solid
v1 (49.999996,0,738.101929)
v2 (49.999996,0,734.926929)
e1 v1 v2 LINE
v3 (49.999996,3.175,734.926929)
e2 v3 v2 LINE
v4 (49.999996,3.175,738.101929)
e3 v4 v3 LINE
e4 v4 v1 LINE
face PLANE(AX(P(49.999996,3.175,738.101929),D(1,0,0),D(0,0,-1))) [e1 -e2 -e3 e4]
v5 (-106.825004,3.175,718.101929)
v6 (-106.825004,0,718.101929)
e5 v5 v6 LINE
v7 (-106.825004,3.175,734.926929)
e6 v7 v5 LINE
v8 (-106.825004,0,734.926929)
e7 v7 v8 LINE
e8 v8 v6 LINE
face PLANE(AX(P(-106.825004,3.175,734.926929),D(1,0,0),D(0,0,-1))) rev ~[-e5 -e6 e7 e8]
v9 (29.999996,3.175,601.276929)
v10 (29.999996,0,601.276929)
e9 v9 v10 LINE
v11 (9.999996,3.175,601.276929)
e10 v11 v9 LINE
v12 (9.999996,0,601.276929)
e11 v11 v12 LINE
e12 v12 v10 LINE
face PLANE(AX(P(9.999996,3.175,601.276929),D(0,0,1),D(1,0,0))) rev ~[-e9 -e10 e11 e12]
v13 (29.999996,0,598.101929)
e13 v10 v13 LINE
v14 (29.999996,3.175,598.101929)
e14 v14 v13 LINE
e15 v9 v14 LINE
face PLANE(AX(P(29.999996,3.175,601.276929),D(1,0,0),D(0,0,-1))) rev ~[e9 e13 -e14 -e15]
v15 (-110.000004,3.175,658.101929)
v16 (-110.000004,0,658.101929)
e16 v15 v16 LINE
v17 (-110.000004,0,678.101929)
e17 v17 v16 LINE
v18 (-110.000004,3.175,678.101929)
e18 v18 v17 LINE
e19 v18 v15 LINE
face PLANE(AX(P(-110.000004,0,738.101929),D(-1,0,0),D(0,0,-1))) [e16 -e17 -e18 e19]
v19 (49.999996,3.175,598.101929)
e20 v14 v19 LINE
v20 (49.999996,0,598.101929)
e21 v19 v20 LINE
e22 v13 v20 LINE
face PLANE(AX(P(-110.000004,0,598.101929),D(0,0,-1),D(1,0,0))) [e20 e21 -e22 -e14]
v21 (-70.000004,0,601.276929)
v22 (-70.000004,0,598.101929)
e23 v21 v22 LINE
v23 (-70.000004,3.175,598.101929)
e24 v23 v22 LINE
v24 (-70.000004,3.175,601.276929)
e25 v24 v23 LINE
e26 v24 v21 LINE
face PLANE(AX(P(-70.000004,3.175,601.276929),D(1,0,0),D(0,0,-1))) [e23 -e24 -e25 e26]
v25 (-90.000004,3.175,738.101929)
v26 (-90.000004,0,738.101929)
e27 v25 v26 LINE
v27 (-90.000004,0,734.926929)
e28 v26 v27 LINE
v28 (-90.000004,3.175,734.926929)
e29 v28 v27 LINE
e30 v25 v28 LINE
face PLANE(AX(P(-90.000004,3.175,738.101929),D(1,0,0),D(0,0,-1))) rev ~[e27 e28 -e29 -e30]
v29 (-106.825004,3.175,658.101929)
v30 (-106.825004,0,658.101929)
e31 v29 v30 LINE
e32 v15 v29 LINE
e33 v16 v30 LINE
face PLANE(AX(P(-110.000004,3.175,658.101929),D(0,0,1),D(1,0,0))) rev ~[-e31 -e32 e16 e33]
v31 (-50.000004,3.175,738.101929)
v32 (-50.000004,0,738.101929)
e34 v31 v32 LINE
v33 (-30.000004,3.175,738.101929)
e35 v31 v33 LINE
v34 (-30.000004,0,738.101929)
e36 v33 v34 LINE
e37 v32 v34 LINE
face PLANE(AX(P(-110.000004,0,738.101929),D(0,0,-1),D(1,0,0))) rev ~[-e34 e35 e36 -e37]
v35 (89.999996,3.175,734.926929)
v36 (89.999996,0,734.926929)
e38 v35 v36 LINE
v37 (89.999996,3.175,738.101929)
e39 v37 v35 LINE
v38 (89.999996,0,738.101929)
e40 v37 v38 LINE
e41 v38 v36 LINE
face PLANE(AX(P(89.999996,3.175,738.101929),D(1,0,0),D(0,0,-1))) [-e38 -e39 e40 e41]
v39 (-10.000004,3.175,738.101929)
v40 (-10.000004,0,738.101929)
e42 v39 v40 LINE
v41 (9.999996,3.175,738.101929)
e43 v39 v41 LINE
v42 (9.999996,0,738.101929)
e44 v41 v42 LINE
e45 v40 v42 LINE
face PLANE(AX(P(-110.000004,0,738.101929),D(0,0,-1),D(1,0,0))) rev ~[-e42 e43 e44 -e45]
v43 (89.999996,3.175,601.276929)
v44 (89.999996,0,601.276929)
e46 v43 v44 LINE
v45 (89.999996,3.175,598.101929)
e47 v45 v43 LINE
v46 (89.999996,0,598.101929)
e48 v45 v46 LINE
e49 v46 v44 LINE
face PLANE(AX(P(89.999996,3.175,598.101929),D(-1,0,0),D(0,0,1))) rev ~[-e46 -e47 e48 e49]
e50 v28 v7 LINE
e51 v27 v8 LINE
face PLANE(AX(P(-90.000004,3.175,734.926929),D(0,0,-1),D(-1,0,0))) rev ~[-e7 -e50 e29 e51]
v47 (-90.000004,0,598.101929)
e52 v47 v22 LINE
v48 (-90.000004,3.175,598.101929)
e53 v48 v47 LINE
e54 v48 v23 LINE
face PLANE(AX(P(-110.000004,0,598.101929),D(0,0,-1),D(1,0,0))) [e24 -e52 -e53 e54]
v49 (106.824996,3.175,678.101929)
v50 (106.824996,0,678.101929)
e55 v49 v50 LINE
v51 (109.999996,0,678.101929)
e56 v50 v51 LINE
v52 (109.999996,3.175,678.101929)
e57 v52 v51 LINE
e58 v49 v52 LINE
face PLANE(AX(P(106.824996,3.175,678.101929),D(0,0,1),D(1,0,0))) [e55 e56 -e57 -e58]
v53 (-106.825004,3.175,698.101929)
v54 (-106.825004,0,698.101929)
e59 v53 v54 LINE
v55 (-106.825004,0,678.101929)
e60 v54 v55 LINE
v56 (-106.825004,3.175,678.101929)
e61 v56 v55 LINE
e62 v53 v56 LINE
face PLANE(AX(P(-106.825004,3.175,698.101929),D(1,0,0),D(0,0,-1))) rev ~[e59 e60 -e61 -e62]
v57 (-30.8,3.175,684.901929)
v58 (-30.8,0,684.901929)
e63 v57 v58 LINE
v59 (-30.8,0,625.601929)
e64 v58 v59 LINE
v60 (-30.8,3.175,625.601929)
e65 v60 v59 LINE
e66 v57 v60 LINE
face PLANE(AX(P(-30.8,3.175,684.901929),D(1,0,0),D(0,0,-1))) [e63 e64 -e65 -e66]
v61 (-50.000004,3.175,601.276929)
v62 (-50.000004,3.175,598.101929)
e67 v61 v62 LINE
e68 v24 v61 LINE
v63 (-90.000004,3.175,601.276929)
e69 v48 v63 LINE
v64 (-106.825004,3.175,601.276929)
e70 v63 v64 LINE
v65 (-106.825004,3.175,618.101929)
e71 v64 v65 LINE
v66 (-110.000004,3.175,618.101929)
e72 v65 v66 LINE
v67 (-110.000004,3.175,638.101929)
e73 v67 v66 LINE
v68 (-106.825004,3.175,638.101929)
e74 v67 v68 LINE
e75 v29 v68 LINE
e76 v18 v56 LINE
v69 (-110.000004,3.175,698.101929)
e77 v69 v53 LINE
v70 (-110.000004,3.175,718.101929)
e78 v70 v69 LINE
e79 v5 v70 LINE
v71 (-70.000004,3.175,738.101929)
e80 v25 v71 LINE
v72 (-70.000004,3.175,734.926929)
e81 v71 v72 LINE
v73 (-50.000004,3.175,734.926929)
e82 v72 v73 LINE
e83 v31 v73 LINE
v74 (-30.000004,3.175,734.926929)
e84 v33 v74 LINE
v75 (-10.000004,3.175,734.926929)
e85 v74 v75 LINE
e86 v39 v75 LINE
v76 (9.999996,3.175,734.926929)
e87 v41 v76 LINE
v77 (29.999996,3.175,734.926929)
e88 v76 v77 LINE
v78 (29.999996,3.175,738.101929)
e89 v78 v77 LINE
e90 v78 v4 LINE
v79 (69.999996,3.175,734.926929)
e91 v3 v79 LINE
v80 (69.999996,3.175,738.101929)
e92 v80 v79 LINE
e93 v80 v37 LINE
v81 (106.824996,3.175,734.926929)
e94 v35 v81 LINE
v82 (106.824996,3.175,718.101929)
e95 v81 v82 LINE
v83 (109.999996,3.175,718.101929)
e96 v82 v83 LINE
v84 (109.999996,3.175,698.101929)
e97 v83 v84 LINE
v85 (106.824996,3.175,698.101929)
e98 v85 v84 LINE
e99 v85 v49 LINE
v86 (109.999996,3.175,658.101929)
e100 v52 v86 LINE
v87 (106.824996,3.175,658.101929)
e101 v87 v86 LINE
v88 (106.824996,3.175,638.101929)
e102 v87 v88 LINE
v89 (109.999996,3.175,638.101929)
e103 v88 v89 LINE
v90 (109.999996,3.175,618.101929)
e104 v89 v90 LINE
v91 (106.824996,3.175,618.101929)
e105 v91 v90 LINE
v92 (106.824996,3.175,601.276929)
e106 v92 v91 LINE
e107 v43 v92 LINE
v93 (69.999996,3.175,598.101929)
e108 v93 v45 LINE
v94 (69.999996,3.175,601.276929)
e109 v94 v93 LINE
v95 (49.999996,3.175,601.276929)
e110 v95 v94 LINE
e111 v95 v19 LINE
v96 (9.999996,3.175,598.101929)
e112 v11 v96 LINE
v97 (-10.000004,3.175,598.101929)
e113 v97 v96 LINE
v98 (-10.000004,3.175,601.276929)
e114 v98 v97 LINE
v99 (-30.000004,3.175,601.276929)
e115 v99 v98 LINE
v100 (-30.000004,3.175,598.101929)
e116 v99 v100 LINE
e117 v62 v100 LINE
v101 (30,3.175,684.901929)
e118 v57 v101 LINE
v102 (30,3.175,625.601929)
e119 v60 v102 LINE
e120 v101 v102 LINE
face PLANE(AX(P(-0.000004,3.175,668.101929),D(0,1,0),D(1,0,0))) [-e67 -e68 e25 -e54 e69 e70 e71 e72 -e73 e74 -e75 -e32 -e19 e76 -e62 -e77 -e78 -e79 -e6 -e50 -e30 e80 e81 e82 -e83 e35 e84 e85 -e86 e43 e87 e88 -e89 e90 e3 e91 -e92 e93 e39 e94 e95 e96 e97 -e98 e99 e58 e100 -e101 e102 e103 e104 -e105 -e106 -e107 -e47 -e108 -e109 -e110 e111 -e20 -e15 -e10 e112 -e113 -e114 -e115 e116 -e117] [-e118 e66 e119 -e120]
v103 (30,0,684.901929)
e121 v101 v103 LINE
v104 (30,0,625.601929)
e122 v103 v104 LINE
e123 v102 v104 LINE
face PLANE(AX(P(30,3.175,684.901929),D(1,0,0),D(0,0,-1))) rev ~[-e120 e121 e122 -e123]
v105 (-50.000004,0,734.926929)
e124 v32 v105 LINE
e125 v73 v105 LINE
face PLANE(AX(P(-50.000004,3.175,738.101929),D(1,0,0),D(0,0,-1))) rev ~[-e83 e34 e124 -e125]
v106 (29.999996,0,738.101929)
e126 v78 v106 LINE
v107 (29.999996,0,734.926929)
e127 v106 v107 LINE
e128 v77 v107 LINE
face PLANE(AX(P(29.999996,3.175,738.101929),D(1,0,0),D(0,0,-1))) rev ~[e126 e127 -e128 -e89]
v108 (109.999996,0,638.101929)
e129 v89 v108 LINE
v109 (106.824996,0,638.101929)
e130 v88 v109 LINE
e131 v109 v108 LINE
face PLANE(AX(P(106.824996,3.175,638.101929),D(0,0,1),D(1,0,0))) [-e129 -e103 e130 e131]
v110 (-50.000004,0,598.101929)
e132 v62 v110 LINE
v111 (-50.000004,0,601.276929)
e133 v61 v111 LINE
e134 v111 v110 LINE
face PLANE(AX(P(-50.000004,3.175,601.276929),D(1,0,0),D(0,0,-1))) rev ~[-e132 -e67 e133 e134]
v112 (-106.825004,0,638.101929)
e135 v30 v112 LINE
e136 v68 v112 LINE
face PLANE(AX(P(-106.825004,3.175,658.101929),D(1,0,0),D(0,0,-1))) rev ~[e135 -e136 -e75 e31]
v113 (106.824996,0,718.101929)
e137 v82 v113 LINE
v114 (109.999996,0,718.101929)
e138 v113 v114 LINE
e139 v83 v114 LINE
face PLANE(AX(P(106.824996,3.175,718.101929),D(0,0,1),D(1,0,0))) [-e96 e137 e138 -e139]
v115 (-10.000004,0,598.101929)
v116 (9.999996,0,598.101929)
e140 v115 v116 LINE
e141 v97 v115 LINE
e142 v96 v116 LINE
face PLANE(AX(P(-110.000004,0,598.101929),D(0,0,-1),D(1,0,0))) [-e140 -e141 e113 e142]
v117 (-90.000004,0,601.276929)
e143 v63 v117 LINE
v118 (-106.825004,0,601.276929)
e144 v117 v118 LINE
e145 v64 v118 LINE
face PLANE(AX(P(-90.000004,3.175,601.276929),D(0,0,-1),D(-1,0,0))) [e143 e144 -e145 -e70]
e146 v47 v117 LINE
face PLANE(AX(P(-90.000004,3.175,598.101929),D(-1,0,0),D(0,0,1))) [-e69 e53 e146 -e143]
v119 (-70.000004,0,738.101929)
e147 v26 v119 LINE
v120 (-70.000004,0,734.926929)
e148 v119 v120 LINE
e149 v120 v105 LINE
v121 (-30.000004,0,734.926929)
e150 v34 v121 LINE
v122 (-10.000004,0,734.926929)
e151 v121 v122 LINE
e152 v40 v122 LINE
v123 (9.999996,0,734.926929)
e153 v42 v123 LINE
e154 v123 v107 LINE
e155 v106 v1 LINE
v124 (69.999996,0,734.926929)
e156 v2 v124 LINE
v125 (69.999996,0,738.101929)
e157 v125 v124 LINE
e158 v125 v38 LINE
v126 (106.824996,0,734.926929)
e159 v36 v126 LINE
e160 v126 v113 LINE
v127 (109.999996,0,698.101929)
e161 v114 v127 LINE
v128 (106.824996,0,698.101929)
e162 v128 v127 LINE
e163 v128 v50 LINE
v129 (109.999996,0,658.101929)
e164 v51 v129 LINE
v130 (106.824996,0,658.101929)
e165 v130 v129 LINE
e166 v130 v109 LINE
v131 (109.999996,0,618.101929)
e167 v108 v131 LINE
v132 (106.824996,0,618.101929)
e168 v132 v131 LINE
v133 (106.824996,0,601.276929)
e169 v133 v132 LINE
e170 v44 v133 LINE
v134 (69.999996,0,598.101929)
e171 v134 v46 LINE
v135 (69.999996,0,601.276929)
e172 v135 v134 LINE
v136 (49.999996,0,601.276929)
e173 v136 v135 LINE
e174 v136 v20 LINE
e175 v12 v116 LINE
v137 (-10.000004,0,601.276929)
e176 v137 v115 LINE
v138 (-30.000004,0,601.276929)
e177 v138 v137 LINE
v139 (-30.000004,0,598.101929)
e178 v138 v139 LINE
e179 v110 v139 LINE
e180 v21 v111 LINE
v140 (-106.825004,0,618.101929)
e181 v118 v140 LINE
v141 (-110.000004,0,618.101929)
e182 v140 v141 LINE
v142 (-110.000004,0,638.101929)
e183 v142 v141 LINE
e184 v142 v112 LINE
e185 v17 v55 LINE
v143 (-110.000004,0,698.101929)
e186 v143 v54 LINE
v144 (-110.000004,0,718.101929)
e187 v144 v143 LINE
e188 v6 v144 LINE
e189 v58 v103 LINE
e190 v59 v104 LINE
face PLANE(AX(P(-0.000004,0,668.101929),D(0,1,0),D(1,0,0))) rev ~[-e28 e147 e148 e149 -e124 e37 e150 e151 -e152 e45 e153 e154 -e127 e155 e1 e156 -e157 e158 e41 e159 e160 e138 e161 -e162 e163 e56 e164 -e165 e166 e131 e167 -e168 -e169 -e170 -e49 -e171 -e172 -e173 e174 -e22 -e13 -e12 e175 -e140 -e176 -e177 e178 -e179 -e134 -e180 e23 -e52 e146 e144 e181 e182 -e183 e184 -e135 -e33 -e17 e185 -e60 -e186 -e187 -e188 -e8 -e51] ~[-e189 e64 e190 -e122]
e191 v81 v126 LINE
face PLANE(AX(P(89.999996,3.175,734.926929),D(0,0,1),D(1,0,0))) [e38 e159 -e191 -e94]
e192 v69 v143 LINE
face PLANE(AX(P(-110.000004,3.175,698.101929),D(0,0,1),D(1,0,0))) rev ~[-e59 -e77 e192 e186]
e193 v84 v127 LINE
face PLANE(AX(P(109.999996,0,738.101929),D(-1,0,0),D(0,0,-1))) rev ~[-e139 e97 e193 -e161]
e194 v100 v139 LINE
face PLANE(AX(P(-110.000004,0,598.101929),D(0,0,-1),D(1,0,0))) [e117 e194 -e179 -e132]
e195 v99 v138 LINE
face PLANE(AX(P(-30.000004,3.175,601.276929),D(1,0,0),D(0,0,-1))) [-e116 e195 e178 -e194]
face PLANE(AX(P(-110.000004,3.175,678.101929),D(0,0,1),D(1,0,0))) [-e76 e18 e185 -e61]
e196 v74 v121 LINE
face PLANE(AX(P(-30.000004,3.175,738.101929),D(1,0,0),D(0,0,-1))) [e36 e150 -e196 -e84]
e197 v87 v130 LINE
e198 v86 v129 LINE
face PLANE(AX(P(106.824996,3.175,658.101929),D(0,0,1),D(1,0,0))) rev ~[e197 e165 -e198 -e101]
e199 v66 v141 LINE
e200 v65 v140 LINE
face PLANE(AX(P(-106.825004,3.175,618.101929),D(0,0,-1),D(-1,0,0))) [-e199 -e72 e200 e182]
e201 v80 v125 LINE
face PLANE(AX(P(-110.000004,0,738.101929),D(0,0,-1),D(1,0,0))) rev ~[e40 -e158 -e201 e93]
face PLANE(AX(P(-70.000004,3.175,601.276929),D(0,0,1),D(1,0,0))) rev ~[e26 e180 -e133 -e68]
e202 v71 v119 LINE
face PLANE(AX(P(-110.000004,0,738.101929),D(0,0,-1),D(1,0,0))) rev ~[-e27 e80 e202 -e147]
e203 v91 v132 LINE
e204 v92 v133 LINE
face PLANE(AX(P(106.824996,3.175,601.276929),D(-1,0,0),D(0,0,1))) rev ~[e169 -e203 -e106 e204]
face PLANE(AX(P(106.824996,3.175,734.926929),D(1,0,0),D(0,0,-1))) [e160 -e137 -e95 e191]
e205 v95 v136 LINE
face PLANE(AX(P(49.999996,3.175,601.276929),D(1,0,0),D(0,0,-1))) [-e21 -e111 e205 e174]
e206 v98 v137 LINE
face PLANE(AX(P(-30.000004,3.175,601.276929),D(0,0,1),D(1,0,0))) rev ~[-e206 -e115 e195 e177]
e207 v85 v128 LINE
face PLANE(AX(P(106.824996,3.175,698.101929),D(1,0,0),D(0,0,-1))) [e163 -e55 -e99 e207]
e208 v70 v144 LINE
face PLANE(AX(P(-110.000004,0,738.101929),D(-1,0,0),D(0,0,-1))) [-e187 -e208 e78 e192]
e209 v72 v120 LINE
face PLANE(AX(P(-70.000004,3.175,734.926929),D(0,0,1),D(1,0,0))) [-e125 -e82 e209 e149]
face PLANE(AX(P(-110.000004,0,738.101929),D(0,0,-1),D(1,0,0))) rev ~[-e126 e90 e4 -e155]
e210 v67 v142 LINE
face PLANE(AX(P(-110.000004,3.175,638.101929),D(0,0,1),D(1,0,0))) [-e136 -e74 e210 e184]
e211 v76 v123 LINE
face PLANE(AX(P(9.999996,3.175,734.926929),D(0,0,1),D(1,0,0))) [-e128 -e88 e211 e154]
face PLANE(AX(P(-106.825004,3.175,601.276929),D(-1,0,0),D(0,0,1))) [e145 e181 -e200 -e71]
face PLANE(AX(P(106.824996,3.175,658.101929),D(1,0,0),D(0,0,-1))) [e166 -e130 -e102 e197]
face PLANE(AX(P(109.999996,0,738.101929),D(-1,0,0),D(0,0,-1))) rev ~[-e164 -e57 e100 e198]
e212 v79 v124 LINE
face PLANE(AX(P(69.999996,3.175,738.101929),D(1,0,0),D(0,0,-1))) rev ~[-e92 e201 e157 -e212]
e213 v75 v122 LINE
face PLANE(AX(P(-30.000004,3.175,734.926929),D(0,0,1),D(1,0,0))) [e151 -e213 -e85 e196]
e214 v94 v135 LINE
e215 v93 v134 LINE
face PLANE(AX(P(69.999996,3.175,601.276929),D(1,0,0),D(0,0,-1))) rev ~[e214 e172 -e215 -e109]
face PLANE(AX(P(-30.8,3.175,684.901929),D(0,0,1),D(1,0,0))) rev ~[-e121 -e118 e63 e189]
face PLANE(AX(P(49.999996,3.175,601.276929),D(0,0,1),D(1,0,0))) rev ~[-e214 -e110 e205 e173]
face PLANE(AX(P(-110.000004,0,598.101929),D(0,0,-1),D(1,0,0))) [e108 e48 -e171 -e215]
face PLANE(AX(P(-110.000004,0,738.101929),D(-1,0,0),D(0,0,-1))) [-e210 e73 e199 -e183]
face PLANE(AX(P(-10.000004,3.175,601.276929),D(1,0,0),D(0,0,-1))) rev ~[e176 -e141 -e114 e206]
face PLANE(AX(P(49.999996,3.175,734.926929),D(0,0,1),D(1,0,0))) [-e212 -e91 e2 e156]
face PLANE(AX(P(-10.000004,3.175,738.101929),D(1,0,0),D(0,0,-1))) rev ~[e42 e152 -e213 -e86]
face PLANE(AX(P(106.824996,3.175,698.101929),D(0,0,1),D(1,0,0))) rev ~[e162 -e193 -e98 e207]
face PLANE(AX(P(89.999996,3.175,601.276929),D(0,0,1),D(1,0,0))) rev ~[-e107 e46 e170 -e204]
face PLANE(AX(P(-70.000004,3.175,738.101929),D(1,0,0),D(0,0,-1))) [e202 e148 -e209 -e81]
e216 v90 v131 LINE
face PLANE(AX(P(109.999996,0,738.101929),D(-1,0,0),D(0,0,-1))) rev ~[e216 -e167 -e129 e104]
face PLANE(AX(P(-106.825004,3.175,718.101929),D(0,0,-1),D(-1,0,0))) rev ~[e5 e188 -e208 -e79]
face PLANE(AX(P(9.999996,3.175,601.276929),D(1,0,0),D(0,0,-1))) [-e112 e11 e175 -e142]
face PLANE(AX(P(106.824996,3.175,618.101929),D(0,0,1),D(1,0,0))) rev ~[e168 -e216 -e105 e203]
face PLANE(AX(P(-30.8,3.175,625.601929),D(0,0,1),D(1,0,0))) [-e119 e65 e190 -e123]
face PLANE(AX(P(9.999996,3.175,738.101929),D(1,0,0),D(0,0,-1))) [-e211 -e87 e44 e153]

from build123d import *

# Parameters (mm, degrees)
SKETCH40_W          = 220
SKETCH40_H          = 140
BOSS_EXTRUDE7_DEPTH = 3.175
SKETCH41_W          = 20
SKETCH41_H          = 3.175
SKETCH41_W_2        = 3.175
SKETCH41_H_2        = 20
CUT_EXTRUDE21_DEPTH = 3.175
SKETCH53_W          = 60.8
SKETCH53_H          = 59.3
CUT_EXTRUDE26_DEPTH = 3.175


with BuildPart() as part:
    # Sketch40 → Boss-Extrude7 (new body)
    with BuildSketch(Plane(origin=(0, 0, 0), x_dir=(1, 0, 0), z_dir=(0, 1, 0))):
        with Locations((-4.2e-06, -668.101928689)):
            Rectangle(SKETCH40_W, SKETCH40_H)
    extrude(amount=BOSS_EXTRUDE7_DEPTH)

    # Sketch41 → Cut-Extrude21 (cut)
    with BuildSketch(Plane(origin=(0, 3.175, 0), x_dir=(1, 0, 0), z_dir=(0, 1, 0))):
        with Locations((59.9999958, -736.514428689)):
            Rectangle(SKETCH41_W, SKETCH41_H)
        Polygon((109.9999958, -738.101928689), (89.9999958, -738.101928689), (89.9999958, -734.926928689), (106.8249958, -734.926928689), (106.8249958, -718.101928689), (109.9999958, -718.101928689), align=None)
        with Locations((19.9999958, -736.514428689)):
            Rectangle(SKETCH41_W, SKETCH41_H)
        with Locations((-20.0000042, -736.514428689)):
            Rectangle(SKETCH41_W, SKETCH41_H)
        with Locations((-60.0000042, -736.514428689)):
            Rectangle(SKETCH41_W, SKETCH41_H)
        Polygon((-90.0000042, -738.101928689), (-90.0000042, -734.926928689), (-106.8250042, -734.926928689), (-106.8250042, -718.101928689), (-110.0000042, -718.101928689), (-110.0000042, -738.101928689), align=None)
        with Locations((59.9999958, -599.689428689)):
            Rectangle(SKETCH41_W, SKETCH41_H)
        Polygon((109.9999958, -598.101928689), (89.9999958, -598.101928689), (89.9999958, -601.276928689), (106.8249958, -601.276928689), (106.8249958, -618.101928689), (109.9999958, -618.101928689), align=None)
        with Locations((19.9999958, -599.689428689)):
            Rectangle(SKETCH41_W, SKETCH41_H)
        with Locations((-20.0000042, -599.689428689)):
            Rectangle(SKETCH41_W, SKETCH41_H)
        with Locations((-60.0000042, -599.689428689)):
            Rectangle(SKETCH41_W, SKETCH41_H)
        Polygon((-90.0000042, -598.101928689), (-90.0000042, -601.276928689), (-106.8250042, -601.276928689), (-106.8250042, -618.101928689), (-110.0000042, -618.101928689), (-110.0000042, -598.101928689), align=None)
        with Locations((108.4124958, -648.101928689)):
            Rectangle(SKETCH41_W_2, SKETCH41_H_2)
        with Locations((108.4124958, -688.101928689)):
            Rectangle(SKETCH41_W_2, SKETCH41_H_2)
        with Locations((-108.4125042, -648.101928689)):
            Rectangle(SKETCH41_W_2, SKETCH41_H_2)
        with Locations((-108.4125042, -688.101928689)):
            Rectangle(SKETCH41_W_2, SKETCH41_H_2)
    extrude(amount=-CUT_EXTRUDE21_DEPTH, mode=Mode.SUBTRACT)

    # Sketch53 → Cut-Extrude26 (cut)
    with BuildSketch(Plane(origin=(0, 3.175, 0), x_dir=(1, 0, 0), z_dir=(0, 1, 0))):
        with Locations((-0.4, -655.251928689)):
            Rectangle(SKETCH53_W, SKETCH53_H)
    extrude(amount=-CUT_EXTRUDE26_DEPTH, mode=Mode.SUBTRACT)


solid = part.part
